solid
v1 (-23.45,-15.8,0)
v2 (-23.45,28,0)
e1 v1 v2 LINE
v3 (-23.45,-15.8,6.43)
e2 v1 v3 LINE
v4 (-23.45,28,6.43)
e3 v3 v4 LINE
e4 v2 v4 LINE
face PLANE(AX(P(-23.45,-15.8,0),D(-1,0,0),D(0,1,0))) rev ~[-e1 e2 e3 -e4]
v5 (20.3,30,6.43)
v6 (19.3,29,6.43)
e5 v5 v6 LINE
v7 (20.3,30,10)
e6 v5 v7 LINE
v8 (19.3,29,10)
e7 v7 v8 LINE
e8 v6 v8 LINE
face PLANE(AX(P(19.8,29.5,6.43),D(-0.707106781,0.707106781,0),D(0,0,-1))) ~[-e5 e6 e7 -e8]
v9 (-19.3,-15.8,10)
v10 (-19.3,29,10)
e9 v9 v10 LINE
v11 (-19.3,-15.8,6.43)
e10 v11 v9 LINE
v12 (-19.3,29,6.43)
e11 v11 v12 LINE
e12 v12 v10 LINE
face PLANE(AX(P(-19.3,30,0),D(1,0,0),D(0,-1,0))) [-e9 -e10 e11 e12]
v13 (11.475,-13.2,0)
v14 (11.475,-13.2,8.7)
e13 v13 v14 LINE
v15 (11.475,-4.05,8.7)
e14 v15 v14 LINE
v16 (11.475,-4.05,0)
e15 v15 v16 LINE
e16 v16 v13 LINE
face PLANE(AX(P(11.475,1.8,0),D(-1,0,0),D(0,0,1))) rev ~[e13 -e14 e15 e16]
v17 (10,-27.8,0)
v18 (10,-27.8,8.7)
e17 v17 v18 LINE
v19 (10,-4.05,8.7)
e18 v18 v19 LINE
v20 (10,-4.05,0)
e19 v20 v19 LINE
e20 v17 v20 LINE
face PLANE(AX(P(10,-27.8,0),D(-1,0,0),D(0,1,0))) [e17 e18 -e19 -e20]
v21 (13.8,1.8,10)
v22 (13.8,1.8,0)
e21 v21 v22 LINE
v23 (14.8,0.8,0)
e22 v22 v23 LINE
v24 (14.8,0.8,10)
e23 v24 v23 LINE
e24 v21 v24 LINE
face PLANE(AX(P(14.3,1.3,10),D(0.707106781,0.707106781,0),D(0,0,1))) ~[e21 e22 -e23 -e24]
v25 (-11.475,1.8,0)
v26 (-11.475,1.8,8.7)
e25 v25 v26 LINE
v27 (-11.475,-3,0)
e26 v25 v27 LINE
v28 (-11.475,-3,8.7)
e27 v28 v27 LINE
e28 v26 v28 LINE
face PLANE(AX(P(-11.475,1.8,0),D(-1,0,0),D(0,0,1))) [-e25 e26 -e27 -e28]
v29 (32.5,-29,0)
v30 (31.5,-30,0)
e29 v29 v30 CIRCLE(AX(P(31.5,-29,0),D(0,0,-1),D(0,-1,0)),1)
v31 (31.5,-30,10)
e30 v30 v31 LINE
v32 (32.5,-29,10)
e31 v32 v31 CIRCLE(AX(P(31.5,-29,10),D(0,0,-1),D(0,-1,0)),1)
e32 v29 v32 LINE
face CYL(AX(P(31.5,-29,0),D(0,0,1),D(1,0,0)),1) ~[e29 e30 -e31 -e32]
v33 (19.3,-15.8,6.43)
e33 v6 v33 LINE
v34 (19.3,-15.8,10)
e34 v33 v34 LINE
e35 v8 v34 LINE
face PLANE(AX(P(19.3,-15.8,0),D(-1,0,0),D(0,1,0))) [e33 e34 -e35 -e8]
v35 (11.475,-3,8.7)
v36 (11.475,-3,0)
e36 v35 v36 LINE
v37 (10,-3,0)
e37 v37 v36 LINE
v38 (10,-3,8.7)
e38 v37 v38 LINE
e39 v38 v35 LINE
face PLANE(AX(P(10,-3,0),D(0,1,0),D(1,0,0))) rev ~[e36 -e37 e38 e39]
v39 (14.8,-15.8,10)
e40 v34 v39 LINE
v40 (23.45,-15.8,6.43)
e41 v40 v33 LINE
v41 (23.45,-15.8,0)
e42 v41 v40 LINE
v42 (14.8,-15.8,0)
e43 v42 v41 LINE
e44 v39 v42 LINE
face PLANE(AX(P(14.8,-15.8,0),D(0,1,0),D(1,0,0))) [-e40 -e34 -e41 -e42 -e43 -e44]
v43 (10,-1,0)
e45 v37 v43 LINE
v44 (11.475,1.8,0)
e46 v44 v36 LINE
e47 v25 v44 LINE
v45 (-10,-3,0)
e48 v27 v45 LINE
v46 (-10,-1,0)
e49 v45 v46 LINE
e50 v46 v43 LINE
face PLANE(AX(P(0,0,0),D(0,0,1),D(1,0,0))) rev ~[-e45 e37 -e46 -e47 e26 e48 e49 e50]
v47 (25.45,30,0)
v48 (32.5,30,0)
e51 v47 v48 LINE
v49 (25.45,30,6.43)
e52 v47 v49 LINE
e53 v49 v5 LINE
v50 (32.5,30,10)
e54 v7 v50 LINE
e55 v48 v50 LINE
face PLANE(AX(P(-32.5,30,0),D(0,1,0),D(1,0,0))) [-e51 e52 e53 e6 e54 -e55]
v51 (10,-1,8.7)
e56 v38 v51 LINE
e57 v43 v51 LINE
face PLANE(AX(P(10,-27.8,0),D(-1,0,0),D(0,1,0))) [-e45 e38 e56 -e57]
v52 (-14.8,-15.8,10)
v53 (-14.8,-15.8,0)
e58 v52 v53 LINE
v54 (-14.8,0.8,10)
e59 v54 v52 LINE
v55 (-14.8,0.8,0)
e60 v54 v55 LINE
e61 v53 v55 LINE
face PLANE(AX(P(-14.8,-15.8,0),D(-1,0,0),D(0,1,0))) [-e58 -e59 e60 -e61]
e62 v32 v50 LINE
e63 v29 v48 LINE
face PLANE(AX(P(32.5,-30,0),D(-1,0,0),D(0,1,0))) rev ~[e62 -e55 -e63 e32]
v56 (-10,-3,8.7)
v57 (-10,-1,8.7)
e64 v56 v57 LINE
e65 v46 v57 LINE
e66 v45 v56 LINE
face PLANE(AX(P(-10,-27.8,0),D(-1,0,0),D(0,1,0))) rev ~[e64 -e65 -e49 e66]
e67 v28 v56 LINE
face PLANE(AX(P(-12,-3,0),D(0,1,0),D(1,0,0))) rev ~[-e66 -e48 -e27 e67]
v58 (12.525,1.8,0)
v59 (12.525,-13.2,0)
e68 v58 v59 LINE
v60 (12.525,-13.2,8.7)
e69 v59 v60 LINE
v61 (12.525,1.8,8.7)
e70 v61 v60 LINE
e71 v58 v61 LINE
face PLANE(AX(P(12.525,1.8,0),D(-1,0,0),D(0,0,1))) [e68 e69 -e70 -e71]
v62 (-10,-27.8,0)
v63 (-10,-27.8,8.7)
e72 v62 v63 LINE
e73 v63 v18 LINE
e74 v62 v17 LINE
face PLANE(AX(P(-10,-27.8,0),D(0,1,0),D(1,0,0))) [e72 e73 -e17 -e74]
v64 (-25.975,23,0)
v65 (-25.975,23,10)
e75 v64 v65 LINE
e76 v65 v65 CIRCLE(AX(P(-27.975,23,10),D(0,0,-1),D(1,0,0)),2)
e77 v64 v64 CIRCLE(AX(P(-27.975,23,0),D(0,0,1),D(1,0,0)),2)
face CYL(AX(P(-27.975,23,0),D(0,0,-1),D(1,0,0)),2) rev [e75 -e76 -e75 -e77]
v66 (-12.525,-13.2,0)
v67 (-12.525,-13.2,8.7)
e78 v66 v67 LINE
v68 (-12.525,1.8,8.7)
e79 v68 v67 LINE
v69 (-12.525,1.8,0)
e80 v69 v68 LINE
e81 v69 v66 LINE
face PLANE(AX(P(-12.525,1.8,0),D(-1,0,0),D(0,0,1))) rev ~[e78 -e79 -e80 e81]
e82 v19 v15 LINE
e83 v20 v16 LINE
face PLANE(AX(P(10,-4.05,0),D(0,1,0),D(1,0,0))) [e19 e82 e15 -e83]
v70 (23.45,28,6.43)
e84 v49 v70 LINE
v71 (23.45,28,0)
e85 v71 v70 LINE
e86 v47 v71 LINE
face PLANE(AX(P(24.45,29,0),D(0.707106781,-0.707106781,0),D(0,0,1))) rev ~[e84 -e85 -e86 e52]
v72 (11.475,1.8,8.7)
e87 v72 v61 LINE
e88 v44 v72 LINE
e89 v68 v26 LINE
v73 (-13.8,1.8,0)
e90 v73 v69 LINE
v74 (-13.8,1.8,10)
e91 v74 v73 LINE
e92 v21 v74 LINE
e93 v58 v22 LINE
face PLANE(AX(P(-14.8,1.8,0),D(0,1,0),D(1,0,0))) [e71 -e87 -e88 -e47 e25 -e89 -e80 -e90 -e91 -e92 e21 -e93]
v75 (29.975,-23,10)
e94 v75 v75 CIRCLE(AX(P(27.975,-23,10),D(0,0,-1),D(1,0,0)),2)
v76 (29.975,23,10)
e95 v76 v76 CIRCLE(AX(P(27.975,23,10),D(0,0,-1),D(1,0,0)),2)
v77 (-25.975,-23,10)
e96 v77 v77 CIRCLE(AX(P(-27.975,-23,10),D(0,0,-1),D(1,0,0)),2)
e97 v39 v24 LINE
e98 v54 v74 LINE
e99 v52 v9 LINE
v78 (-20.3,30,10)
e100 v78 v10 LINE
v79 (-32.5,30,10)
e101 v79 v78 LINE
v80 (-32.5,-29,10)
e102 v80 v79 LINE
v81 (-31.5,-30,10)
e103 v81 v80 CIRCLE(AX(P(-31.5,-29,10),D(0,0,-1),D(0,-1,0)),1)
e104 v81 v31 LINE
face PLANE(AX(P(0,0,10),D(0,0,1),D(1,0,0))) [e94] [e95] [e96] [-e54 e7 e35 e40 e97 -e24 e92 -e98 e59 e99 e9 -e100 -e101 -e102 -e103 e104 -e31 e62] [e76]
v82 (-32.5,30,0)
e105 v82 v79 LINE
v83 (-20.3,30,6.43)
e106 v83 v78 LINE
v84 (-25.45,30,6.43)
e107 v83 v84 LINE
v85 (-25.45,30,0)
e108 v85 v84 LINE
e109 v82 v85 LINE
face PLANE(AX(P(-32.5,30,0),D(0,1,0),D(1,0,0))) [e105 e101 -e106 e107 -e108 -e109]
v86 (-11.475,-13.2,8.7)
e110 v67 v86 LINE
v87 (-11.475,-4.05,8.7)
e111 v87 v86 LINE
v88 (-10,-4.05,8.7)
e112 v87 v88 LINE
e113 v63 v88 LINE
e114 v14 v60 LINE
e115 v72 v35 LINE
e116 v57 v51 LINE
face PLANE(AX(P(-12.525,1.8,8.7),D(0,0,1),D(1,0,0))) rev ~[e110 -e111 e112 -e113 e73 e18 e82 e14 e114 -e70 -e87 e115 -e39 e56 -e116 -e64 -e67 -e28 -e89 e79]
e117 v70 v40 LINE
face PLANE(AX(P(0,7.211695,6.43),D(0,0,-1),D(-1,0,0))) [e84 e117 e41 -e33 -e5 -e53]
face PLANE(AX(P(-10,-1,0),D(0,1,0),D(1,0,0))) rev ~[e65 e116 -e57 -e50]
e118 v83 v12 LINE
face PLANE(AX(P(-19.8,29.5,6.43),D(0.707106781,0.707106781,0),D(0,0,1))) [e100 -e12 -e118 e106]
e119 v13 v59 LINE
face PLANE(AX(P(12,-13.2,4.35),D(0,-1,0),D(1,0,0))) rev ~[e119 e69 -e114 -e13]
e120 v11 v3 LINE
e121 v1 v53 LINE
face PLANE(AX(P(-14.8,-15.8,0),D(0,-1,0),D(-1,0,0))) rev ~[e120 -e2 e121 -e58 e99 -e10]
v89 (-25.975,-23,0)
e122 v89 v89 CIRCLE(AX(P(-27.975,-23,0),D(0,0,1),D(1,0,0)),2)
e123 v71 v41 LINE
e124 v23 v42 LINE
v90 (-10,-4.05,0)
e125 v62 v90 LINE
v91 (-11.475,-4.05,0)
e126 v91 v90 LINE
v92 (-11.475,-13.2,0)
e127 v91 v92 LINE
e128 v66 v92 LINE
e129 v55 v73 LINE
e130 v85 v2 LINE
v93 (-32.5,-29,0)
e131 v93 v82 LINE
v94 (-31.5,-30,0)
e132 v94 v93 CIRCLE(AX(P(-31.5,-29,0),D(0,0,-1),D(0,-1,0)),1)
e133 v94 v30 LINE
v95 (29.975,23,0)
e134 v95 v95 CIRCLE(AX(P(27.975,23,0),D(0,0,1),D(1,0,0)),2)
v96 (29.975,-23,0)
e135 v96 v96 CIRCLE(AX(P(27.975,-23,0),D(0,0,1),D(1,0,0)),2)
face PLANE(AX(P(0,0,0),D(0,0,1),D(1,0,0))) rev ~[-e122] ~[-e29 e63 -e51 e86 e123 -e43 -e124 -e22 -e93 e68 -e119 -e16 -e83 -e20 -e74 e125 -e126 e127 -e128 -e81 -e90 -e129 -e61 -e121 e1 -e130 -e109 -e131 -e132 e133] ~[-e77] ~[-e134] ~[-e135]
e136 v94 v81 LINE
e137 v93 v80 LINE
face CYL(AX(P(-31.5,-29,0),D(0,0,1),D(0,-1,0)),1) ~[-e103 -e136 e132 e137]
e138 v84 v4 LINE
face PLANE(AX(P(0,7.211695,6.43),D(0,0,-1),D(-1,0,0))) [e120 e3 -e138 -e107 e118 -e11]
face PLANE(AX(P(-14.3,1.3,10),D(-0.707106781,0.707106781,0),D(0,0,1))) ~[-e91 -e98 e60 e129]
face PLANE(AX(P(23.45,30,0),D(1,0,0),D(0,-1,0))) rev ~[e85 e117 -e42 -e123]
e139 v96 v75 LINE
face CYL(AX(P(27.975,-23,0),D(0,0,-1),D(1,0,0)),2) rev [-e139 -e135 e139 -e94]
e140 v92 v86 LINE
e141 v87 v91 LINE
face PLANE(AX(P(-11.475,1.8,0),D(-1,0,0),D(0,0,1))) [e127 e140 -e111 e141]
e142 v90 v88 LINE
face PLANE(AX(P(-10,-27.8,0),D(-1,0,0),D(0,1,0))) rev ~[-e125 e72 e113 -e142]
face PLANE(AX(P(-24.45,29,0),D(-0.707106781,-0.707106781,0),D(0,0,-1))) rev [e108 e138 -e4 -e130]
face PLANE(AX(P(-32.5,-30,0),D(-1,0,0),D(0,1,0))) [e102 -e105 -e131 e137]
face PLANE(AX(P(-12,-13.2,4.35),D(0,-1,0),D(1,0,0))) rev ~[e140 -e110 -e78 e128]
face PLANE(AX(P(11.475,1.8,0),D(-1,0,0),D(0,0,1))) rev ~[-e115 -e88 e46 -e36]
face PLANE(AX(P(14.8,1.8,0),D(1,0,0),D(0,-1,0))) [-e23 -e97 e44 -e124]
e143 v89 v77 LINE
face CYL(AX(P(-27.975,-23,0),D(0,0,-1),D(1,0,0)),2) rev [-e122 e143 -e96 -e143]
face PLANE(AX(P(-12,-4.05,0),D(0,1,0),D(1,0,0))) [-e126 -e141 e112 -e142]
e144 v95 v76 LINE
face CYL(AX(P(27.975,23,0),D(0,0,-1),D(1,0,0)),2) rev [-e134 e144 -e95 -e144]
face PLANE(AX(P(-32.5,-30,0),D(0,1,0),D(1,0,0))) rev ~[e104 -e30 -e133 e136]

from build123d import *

# Parameters (mm, degrees)
SKETCH006_W     = 65
SKETCH006_H     = 60
PAD003_DEPTH    = 10
POCKET004_DEPTH = 10.001
POCKET005_DEPTH = 6.43
SKETCH009_W     = 1.05
SKETCH009_H     = 8.7
POCKET006_DEPTH = 15
SKETCH010_W     = 20
SKETCH010_H     = 26.8
POCKET007_DEPTH = 8.7
SKETCH011_W     = 2
SKETCH011_H     = 1.05
POCKET008_DEPTH = 8.7
SKETCH012_R     = 2
POCKET009_DEPTH = 10.001
CHAMFER_SIZE    = 1
CHAMFER001_SIZE = 1
CHAMFER002_SIZE = 2
FILLET002_R     = 1


with BuildPart() as part:
    # Sketch006 → Pad003 (new body)
    with BuildSketch(Plane.XY):
        Rectangle(SKETCH006_W, SKETCH006_H)
    extrude(amount=PAD003_DEPTH)

    # Sketch007 → Pocket004 (cut, through all)
    with BuildSketch(Plane.XY):
        Polygon((-19.3, 30), (-19.3, -15.8), (-14.8, -15.8), (-14.8, 1.8), (14.8, 1.8), (14.8, -15.8), (19.3, -15.8), (19.3, 30), align=None)
    extrude(amount=POCKET004_DEPTH, mode=Mode.SUBTRACT)

    # Sketch008 → Pocket005 (cut)
    with BuildSketch(Plane.XY):
        Polygon((-23.45, 30), (23.45, 30), (23.45, -15.8), (14.8, -15.8), (14.8, 1.8), (-14.8, 1.8), (-14.8, -15.8), (-23.45, -15.8), align=None)
    extrude(amount=POCKET005_DEPTH, mode=Mode.SUBTRACT)

    # Sketch009 (on DatumPlane) → Pocket006 (cut)
    with BuildSketch(Plane.XZ.offset(-1.8)):
        with Locations((-12, 4.35)):
            Rectangle(SKETCH009_W, SKETCH009_H)
        with Locations((12, 4.35)):
            Rectangle(SKETCH009_W, SKETCH009_H)
    extrude(amount=POCKET006_DEPTH, mode=Mode.SUBTRACT)

    # Sketch010 → Pocket007 (cut)
    with BuildSketch(Plane.XY):
        with Locations((0, -14.4)):
            Rectangle(SKETCH010_W, SKETCH010_H)
    extrude(amount=POCKET007_DEPTH, mode=Mode.SUBTRACT)

    # Sketch011 → Pocket008 (cut)
    with BuildSketch(Plane.XY):
        with Locations((-11, -3.525)):
            Rectangle(SKETCH011_W, SKETCH011_H)
        with Locations((11, -3.525)):
            Rectangle(SKETCH011_W, SKETCH011_H)
    extrude(amount=POCKET008_DEPTH, mode=Mode.SUBTRACT)

    # Sketch012 → Pocket009 (cut, through all)
    with BuildSketch(Plane.XY):
        with Locations((-27.975, 23)):
            Circle(SKETCH012_R)
        with Locations((27.975, 23)):
            Circle(SKETCH012_R)
        with Locations((27.975, -23)):
            Circle(SKETCH012_R)
        with Locations((-27.975, -23)):
            Circle(SKETCH012_R)
    extrude(amount=POCKET009_DEPTH, mode=Mode.SUBTRACT)

    # Chamfer
    chamfer_edges = [part.edges().sort_by_distance(p)[0] for p in [
        (19.3, 30, 8.215),
        (-19.3, 30, 8.215),
    ]]
    chamfer(chamfer_edges, length=CHAMFER_SIZE)

    # Chamfer001
    chamfer001_edges = [part.edges().sort_by_distance(p)[0] for p in [
        (14.8, 1.8, 8.215),
        (14.8, 1.8, 3.215),
        (-14.8, 1.8, 3.215),
        (-14.8, 1.8, 8.215),
    ]]
    chamfer(chamfer001_edges, length=CHAMFER001_SIZE)

    # Chamfer002
    chamfer002_edges = [part.edges().sort_by_distance(p)[0] for p in [
        (23.45, 30, 3.215),
        (-23.45, 30, 3.215),
    ]]
    chamfer(chamfer002_edges, length=CHAMFER002_SIZE)

    # Fillet002
    fillet002_edges = [part.edges().sort_by_distance(p)[0] for p in [
        (32.5, -30, 5),
        (-32.5, -30, 5),
    ]]
    fillet(fillet002_edges, radius=FILLET002_R)


solid = part.part
